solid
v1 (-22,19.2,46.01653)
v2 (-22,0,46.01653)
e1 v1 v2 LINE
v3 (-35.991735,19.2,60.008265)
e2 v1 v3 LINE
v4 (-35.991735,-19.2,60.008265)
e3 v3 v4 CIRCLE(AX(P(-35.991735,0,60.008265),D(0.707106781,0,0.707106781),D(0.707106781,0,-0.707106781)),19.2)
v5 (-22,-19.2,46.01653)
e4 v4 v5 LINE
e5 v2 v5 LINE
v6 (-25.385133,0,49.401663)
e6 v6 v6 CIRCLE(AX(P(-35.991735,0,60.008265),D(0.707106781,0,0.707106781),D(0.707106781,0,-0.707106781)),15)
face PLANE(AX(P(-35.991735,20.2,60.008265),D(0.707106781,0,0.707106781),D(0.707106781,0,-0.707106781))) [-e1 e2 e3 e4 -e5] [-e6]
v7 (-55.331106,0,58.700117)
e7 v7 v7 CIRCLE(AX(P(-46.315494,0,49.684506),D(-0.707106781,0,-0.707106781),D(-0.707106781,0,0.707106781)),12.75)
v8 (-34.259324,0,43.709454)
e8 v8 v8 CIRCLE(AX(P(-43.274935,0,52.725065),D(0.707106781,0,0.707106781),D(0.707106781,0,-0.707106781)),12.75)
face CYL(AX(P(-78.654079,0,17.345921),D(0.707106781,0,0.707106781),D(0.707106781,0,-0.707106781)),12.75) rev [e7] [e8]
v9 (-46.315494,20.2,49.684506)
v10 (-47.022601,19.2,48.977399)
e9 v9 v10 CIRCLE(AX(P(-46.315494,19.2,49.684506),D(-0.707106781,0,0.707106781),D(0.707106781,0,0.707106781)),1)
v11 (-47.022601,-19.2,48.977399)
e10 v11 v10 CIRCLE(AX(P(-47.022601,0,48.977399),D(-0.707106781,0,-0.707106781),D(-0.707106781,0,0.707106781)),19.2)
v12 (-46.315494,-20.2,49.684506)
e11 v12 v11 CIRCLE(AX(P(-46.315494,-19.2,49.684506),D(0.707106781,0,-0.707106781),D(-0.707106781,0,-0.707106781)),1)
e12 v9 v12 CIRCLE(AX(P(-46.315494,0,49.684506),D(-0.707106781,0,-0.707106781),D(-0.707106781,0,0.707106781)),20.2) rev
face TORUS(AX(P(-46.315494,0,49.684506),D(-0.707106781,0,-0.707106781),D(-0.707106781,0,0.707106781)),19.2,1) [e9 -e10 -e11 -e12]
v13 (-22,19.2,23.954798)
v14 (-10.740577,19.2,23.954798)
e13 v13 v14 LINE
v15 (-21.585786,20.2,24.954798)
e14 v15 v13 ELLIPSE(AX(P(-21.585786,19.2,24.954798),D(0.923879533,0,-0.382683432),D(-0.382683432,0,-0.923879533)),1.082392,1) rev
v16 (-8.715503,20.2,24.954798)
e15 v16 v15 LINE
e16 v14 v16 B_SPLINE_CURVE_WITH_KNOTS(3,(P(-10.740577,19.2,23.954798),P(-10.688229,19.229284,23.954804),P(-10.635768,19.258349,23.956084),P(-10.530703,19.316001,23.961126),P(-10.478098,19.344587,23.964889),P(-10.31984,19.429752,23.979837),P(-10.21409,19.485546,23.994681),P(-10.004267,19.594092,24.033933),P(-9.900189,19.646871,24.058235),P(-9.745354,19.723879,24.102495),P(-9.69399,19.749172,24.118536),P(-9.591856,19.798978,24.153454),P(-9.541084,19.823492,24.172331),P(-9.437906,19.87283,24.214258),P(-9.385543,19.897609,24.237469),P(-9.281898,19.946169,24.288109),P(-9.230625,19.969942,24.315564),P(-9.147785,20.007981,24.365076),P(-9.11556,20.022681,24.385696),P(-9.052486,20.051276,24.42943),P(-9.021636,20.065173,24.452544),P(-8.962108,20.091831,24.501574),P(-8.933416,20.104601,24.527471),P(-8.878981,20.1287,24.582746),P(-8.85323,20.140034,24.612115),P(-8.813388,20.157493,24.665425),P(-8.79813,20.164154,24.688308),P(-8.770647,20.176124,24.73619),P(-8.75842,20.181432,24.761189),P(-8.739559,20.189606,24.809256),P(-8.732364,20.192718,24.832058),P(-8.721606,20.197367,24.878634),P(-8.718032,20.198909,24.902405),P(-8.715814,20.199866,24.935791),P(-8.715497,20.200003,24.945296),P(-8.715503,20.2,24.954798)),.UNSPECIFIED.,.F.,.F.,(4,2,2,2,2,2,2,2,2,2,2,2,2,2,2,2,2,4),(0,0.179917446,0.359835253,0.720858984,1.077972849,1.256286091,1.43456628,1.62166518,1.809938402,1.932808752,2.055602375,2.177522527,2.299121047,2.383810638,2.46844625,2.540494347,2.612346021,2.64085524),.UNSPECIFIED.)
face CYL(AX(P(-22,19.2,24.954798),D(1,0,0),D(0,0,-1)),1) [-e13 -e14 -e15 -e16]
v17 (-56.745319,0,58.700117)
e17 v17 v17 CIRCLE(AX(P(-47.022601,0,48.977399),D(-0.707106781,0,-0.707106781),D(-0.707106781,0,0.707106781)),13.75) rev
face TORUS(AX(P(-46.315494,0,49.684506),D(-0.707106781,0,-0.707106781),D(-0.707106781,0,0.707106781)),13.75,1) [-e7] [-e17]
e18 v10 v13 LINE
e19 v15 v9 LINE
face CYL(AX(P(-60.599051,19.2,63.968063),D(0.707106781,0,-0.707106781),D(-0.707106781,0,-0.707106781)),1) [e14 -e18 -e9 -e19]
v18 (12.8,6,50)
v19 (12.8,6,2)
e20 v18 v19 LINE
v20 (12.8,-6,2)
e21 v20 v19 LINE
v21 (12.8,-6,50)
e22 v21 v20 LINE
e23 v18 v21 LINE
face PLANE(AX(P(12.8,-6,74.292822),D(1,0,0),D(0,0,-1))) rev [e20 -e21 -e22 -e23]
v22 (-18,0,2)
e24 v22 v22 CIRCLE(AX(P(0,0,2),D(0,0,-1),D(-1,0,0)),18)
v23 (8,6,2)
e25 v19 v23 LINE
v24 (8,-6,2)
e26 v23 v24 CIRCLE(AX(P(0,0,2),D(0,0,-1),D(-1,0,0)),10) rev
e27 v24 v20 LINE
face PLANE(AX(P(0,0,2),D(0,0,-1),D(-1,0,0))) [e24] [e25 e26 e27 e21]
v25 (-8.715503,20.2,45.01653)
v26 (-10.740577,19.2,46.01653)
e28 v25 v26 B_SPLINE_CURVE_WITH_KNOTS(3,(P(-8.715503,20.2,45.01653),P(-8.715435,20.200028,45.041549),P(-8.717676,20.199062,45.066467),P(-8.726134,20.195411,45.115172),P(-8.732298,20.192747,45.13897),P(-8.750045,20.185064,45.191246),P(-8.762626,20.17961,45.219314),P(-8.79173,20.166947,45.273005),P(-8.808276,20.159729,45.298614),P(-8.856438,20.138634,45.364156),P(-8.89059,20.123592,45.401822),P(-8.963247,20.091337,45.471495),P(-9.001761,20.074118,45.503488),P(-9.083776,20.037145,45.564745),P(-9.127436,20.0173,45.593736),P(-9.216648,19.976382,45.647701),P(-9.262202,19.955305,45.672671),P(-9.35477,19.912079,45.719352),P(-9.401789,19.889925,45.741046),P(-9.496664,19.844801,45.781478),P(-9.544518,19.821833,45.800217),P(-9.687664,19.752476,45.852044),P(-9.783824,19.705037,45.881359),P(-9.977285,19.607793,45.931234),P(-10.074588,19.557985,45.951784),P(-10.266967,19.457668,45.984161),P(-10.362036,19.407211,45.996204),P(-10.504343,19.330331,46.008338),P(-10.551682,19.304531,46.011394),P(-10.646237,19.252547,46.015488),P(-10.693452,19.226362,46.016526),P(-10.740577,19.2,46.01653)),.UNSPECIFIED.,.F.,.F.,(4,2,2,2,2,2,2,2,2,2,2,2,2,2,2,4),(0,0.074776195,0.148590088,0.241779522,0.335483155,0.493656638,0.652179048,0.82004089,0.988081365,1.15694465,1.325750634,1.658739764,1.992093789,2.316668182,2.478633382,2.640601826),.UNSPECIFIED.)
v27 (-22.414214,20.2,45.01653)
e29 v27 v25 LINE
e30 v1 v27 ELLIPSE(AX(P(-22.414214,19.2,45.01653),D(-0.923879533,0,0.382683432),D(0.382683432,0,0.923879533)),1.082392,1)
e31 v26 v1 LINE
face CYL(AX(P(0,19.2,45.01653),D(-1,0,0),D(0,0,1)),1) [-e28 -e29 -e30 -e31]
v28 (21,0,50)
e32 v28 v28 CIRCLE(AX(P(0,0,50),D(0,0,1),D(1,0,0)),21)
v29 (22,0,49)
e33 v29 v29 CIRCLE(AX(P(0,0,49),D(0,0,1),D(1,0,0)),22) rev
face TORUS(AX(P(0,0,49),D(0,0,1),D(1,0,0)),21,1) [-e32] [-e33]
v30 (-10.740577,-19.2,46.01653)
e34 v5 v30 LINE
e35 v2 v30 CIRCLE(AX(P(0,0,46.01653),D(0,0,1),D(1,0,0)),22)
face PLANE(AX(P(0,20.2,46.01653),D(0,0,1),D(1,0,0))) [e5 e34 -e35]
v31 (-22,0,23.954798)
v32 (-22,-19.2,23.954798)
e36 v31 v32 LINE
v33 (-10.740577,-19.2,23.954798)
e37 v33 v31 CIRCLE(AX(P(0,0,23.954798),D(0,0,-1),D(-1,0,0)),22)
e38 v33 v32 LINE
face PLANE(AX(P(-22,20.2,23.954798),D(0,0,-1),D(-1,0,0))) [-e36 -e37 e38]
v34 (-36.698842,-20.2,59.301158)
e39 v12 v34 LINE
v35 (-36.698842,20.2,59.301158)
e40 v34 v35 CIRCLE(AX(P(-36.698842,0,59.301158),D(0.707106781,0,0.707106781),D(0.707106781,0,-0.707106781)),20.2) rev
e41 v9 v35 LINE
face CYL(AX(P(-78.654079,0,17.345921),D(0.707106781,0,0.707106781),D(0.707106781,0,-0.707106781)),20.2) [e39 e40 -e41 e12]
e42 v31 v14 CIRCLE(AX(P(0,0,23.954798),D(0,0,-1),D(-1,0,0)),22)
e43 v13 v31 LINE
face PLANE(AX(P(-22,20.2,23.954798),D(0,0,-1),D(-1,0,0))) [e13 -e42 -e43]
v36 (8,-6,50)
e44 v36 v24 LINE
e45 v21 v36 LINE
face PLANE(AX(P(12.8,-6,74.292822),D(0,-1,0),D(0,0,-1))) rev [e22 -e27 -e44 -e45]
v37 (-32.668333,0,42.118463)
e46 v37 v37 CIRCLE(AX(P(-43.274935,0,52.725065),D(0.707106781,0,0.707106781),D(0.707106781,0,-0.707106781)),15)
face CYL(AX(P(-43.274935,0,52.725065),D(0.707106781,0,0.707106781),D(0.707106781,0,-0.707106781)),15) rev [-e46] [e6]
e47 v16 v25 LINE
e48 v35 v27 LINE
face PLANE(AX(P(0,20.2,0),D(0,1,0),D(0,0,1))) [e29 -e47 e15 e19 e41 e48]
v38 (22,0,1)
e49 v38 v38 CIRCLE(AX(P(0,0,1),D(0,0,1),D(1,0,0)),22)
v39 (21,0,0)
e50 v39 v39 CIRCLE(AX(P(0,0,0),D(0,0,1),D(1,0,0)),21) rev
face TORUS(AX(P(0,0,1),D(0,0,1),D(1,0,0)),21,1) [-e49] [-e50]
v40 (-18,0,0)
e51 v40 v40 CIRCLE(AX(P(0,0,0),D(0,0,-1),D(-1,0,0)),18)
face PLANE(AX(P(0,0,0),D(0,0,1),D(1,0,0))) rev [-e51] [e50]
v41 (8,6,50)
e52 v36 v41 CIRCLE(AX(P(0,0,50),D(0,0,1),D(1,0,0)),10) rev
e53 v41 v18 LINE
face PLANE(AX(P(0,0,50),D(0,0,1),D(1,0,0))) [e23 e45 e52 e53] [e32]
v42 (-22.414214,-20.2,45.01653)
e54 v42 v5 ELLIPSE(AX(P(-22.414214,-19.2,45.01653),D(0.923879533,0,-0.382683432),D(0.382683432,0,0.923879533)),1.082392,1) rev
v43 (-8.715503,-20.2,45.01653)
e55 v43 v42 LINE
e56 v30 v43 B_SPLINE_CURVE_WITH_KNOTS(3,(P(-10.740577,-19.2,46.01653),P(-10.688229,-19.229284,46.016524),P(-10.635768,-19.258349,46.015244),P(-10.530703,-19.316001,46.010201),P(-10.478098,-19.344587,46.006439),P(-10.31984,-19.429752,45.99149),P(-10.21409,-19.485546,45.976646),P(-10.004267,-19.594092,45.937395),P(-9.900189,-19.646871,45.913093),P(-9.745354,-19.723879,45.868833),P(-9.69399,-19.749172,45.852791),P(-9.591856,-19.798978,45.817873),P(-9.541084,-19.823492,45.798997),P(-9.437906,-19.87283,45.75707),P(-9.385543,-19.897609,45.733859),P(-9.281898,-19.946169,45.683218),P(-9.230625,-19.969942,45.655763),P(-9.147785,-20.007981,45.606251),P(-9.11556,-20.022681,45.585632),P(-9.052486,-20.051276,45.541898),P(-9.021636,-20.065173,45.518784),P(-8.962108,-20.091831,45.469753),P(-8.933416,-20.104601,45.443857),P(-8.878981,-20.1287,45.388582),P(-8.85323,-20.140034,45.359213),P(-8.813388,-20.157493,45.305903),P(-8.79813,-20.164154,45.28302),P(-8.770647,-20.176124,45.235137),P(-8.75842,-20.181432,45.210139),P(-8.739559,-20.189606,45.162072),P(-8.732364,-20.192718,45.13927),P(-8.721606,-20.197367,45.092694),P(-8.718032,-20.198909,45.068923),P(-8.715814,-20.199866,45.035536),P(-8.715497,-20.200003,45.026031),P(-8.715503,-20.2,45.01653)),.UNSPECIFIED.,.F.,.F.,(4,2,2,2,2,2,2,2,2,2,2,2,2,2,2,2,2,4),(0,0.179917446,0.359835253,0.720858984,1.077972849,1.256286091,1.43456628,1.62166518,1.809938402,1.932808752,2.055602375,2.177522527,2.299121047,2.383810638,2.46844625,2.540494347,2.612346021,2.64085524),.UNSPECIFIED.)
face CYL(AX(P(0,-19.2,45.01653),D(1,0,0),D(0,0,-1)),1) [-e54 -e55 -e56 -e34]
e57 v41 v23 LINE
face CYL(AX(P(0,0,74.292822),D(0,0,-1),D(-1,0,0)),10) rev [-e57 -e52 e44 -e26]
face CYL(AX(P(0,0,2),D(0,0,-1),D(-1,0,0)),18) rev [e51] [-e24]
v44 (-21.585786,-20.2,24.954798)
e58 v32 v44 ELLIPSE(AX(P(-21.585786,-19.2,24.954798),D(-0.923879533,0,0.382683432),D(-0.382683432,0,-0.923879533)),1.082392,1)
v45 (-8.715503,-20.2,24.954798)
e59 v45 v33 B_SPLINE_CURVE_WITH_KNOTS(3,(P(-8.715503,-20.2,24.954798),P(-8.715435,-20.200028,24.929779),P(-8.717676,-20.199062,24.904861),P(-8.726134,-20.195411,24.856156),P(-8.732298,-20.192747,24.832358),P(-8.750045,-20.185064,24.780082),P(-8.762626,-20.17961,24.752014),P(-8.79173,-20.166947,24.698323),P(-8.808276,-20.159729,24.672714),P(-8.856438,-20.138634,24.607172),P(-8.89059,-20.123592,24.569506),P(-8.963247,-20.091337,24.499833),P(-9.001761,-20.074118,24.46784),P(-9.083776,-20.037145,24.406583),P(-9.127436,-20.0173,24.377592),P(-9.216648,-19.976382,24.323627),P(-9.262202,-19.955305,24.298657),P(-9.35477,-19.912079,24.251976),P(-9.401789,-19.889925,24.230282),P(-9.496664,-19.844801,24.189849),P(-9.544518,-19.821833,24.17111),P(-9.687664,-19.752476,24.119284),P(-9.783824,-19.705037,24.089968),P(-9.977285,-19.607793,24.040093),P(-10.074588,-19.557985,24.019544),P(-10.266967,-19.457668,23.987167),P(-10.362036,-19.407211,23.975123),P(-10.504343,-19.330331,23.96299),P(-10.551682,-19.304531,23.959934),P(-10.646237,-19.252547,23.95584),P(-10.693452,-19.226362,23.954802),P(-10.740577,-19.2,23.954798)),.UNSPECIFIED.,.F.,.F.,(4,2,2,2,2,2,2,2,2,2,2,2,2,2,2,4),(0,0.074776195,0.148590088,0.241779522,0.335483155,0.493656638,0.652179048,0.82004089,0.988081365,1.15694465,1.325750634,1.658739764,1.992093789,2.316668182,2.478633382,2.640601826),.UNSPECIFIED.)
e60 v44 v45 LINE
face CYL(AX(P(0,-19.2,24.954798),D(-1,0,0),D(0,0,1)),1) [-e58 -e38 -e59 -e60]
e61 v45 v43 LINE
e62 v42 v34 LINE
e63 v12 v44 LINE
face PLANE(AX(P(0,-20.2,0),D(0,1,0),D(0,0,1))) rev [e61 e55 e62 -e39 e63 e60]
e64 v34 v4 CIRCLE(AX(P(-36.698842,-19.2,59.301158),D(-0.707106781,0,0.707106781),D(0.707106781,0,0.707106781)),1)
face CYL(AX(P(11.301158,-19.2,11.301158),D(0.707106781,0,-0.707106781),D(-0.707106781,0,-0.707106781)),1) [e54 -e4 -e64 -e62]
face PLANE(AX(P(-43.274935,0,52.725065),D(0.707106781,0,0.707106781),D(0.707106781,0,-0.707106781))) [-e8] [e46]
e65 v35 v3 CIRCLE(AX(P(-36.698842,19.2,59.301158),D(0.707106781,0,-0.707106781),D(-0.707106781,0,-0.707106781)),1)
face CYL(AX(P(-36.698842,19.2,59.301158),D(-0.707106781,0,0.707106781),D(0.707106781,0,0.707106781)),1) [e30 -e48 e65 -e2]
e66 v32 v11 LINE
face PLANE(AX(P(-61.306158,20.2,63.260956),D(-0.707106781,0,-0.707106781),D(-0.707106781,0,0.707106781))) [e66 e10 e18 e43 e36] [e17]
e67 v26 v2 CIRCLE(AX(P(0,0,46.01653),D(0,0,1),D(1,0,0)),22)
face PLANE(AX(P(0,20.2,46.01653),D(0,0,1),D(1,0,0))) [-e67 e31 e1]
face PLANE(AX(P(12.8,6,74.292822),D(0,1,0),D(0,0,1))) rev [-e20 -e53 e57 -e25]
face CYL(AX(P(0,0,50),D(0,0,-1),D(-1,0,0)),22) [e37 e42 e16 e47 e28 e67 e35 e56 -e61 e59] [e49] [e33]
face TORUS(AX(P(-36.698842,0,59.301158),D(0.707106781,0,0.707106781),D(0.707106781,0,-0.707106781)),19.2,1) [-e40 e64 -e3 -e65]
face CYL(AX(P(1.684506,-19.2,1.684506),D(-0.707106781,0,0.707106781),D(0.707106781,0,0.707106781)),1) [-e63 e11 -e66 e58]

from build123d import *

# Parameters (mm, degrees)
ESQUISSE1_R             = 22
BOSS_EXTRU_1_DEPTH      = 50
BOSS_EXTRU_3_DEPTH      = 20.2
BOSS_EXTRU_3_DEPTH_BACK = 20.2
ENL_V_MAT_EXTRU_1_REACH = 100.801
ESQUISSE6_R             = 15
ENL_V_MAT_EXTRU_2_DEPTH = 10.3
ENL_V_MAT_EXTRU_3_REACH = 100.406
ESQUISSE7_R             = 12.75
CONG_1_R                = 1
ESQUISSE8_R             = 18
ENL_V_MAT_EXTRU_4_DEPTH = 2
ENL_V_START             = -15.6
ENL_V_MAT_EXTRU_5_DEPTH = 15.6
CONG_5_R                = 1


with BuildPart() as part:
    # Esquisse1 → Boss.-Extru.1 (new body)
    with BuildSketch(Plane.XY):
        Circle(ESQUISSE1_R)
    extrude(amount=BOSS_EXTRU_1_DEPTH)

    # Esquisse4 → Boss.-Extru.3 (add, two sides: drawn at the far end of the back side and taken through both)
    with BuildSketch(Plane.XZ.offset(-BOSS_EXTRU_3_DEPTH_BACK)):
        Polygon((-35.991735162, 60.008264838), (-50.275292142, 74.291821818), (-61.306157929, 63.260956031), (-22, 23.954798102), (0, 23.954798102), (0, 46.016529675), (-22, 46.016529675), align=None)
    extrude(amount=BOSS_EXTRU_3_DEPTH + BOSS_EXTRU_3_DEPTH_BACK)

    # Esquisse5 → Enlèv. mat.-Extru.1 (cut, up to next)
    with BuildSketch(Plane(origin=(0, 0, 0), x_dir=(-1, 0, 0), z_dir=(0, 0, -1)), mode=Mode.PRIVATE) as enl_v_mat_extru_1_sk1:
        with BuildLine():
            Line((-12.8, -6), (-12.8, 6))
            Line((-12.8, 6), (-8, 6))
            ThreePointArc((-8, 6), (10, 0), (-8, -6))
            Line((-8, -6), (-12.8, -6))
        make_face()
    enl_v_mat_extru_1_tool1 = extrude(enl_v_mat_extru_1_sk1.sketch, amount=-ENL_V_MAT_EXTRU_1_REACH, mode=Mode.PRIVATE) & part.part
    add(enl_v_mat_extru_1_tool1.solids().sort_by_distance((1.280327, 0, 0))[0], mode=Mode.SUBTRACT)

    # Esquisse6 → Enlèv. mat.-Extru.2 (cut)
    with BuildSketch(Plane(origin=(12.008264838, 0, 12.008264838), x_dir=(0.7071067811865508, 0, -0.7071067811865444), z_dir=(0.7071067811865444, 0, 0.7071067811865508))):
        with Locations((-67.882250994, 0)):
            Circle(ESQUISSE6_R)
    extrude(amount=-ENL_V_MAT_EXTRU_2_DEPTH, mode=Mode.SUBTRACT)

    # Esquisse7 → Enlèv. mat.-Extru.3 (cut, up to next)
    with BuildSketch(Plane(origin=(4.725064991, 0, 4.725064991), x_dir=(0.7071067811865507, 0, -0.7071067811865445), z_dir=(0.7071067811865445, 0, 0.7071067811865507)), mode=Mode.PRIVATE) as enl_v_mat_extru_3_sk1:
        with Locations((-67.882250994, 0)):
            Circle(ESQUISSE7_R)
    enl_v_mat_extru_3_tool1 = extrude(enl_v_mat_extru_3_sk1.sketch, amount=-ENL_V_MAT_EXTRU_3_REACH, mode=Mode.PRIVATE) & part.part
    add(enl_v_mat_extru_3_tool1.solids().sort_by_distance((-43.274935, 0, 52.725065))[0], mode=Mode.SUBTRACT)

    # Congé1
    cong_1_edges = [part.edges().sort_by_distance(p)[0] for p in [
        (-56.038212409, 0, 57.993010511),
    ]]
    fillet(cong_1_edges, radius=CONG_1_R)

    # Esquisse8 → Enlèv. mat.-Extru.4 (cut)
    with BuildSketch(Plane(origin=(0, 0, 0), x_dir=(-1, 0, 0), z_dir=(0, 0, -1))):
        Circle(ESQUISSE8_R)
    extrude(amount=-ENL_V_MAT_EXTRU_4_DEPTH, mode=Mode.SUBTRACT)

    # Esquisse10 → Enlèv. mat.-Extru.5 (cut)
    with BuildSketch(Plane(origin=(12.008264838, 0, 12.008264838), x_dir=(0.7071067811865509, 0, -0.7071067811865442), z_dir=(0.7071067811865442, 0, 0.7071067811865509)).offset(ENL_V_START)):
        with BuildLine():
            Line((-67.882250994, 20.2), (-92.882250994, 20.2))
            Line((-92.882250994, 20.2), (-92.882250994, -20.2))
            Line((-92.882250994, -20.2), (-67.882250994, -20.2))
            ThreePointArc((-67.882250994, -20.2), (-88.082250994, 0), (-67.882250994, 20.2))
        make_face()
    extrude(amount=ENL_V_MAT_EXTRU_5_DEPTH, mode=Mode.SUBTRACT)

    # Congé5
    cong_5_edges = [part.edges().sort_by_distance(p)[0] for p in [
        (-15.357751714, 20.2, 23.954798102),
        (-15.357751714, -20.2, 23.954798102),
        (-15.357751714, -20.2, 46.016529675),
        (-28.995867581, -20.2, 53.012397256),
        (-28.995867581, 20.2, 53.012397256),
        (-22, 0, 0),
        (-22, 0, 50),
        (-34.511300474, -20.2, 36.466098577),
        (-50.275292142, 0, 74.291821818),
        (-61.306157929, 0, 63.260956031),
        (-34.511300474, 20.2, 36.466098577),
        (-15.357751714, 20.2, 46.016529675),
    ]]
    fillet(cong_5_edges, radius=CONG_5_R)


solid = part.part
